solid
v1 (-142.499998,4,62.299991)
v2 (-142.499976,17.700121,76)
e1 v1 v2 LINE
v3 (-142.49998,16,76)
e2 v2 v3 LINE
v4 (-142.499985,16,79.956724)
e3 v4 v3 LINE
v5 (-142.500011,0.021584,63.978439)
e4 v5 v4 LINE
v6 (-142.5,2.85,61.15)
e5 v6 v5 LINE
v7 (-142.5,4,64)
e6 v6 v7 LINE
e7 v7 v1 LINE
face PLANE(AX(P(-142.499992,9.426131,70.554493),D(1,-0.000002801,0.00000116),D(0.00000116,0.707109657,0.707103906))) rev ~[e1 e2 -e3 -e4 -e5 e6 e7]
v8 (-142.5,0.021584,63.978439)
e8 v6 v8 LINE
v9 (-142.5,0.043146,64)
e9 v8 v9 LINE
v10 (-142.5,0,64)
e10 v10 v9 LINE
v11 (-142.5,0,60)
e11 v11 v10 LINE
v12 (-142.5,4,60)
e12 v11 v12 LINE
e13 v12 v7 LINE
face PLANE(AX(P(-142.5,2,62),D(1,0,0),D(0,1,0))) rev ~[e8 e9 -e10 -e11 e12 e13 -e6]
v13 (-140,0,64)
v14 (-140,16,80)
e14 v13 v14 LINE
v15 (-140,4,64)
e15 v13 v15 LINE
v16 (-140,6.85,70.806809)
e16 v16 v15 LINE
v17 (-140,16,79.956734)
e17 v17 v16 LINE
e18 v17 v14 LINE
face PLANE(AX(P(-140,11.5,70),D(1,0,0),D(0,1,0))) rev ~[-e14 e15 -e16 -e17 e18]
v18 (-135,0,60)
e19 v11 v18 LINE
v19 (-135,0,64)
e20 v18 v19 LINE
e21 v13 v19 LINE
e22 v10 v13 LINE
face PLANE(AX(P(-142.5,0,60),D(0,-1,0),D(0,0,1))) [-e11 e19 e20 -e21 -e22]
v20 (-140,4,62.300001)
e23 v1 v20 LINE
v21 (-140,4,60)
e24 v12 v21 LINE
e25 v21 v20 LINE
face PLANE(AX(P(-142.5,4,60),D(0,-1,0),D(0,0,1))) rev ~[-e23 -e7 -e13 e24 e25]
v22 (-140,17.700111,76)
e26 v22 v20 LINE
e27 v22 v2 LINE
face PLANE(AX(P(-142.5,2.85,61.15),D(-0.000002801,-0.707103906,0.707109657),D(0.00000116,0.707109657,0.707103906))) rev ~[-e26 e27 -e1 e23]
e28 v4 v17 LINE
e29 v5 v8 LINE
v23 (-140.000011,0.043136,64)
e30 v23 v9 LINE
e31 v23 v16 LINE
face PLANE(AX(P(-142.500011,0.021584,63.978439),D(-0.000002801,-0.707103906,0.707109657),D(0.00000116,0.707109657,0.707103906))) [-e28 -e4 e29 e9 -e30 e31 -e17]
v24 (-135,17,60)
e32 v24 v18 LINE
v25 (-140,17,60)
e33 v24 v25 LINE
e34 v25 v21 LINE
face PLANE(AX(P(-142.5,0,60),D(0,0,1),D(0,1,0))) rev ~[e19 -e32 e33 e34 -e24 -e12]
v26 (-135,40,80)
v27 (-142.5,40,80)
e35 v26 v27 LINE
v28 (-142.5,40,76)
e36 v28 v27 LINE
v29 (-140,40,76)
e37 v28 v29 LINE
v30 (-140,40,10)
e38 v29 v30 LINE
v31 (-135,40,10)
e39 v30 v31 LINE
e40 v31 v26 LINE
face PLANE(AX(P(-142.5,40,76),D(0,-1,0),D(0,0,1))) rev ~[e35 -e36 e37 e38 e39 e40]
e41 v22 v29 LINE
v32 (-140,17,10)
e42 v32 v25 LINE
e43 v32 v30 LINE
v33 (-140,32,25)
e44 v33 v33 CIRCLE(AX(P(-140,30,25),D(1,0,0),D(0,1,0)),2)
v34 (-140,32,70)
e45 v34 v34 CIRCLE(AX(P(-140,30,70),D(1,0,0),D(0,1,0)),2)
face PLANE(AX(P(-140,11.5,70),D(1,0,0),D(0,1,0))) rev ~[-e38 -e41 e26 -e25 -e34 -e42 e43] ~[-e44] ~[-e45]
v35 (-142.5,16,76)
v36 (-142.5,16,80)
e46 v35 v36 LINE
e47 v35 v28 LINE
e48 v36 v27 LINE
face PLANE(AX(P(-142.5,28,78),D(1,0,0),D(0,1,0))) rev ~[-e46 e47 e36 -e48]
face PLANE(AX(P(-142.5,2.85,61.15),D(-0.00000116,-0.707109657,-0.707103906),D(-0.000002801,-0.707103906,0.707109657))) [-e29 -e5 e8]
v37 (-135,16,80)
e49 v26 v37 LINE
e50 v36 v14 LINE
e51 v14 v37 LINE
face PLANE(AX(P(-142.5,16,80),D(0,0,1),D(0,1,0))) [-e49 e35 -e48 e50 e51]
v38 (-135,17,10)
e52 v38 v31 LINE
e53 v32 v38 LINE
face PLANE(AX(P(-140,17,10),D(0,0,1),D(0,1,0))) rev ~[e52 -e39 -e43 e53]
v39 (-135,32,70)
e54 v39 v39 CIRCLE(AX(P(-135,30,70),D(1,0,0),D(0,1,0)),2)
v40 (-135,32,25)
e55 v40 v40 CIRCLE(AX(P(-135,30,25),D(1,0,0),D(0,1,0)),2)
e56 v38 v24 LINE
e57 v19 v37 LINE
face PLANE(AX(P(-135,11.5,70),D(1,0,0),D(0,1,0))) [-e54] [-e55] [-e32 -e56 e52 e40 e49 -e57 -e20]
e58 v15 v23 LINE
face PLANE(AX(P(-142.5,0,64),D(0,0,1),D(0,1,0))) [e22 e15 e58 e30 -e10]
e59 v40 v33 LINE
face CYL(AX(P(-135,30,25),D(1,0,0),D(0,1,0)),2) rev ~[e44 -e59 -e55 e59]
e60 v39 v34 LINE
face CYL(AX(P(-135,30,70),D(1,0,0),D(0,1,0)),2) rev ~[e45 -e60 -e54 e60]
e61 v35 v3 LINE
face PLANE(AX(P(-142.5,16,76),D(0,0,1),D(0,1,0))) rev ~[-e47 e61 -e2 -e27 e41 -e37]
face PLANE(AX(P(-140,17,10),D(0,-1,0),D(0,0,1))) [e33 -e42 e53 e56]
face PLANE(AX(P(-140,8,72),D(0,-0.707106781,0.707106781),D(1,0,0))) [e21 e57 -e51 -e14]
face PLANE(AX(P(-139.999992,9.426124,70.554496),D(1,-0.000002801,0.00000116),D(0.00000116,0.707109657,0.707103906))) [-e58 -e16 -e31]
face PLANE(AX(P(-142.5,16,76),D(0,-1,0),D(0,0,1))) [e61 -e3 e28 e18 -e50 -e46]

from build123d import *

# Parameters (mm, degrees)
CIRCLE003_R                                  = 2
EXTRUDE087_DEPTH                             = 5
CIRCLE004_R                                  = 2
EXTRUDE088_DEPTH                             = 5
RECTANGLE026_W                               = 23
RECTANGLE026_H                               = 20
EXTRUDE019_DEPTH                             = 5
CHAMFER006_SIZE                              = 16
RECTANGLE028_AS_DRAWN_W                      = 22.6
RECTANGLE028_AS_DRAWN_H                      = 4
EXTRUDE033_DEPTH                             = 2.5
EXTRUDE033_ONTO_RECTANGLE028_ROLL_ANGLE      = 89.999906
EXTRUDE033_ONTO_RECTANGLE028_PITCH_ANGLE     = -44.999767
EXTRUDE033_ONTO_RECTANGLE028_PLACEMENT_ANGLE = 89.999906
RECTANGLE029_W                               = 24
RECTANGLE029_H                               = 4
EXTRUDE034_DEPTH                             = 2.5
RECTANGLE030_W                               = 4
RECTANGLE030_H                               = 4
EXTRUDE035_DEPTH                             = 2.5
RECTANGLE027_W                               = 17
RECTANGLE027_H                               = 20
EXTRUDE020_DEPTH                             = 5
RECTANGLE025_W                               = 23
RECTANGLE025_H                               = 60
EXTRUDE018_DEPTH                             = 5


with BuildPart() as extrude087:
    # Circle003 → Extrude087 (new body)
    with BuildSketch(Plane(origin=(-135, 30, 25), x_dir=(0, 1, 0), z_dir=(1, 0, 0))):
        Circle(CIRCLE003_R)
    extrude(amount=-EXTRUDE087_DEPTH)


with BuildPart() as extrude088:
    # Circle004 → Extrude088 (new body)
    with BuildSketch(Plane(origin=(-135, 30, 70), x_dir=(0, 1, 0), z_dir=(1, 0, 0))):
        Circle(CIRCLE004_R)
    extrude(amount=-EXTRUDE088_DEPTH)


with BuildPart() as chamfer006:
    # Rectangle026 → Extrude019 (new body)
    with BuildSketch(Plane(origin=(0, 17, 70), x_dir=(0, 1, 0), z_dir=(1, 0, 0))):
        with Locations((11.5, 10)):
            Rectangle(RECTANGLE026_W, RECTANGLE026_H)
    extrude(amount=EXTRUDE019_DEPTH)


with BuildPart() as chamfer006_1:
    # Extrude019 placement: moved
    add(chamfer006.part.moved(Location((0, -17, 0))))

    # Chamfer006
    chamfer006_edges = [chamfer006_1.edges().sort_by_distance(p)[0] for p in [
        (2.5, 0, 90),
    ]]
    chamfer(chamfer006_edges, length=CHAMFER006_SIZE)


with BuildPart() as chamfer006_2:
    # Chamfer006 placement: moved
    add(chamfer006_1.part.moved(Location((-140, 0, 0))))


with BuildPart() as extrude033:
    # Rectangle028 as drawn → Extrude033 (new)
    with BuildSketch(Plane.XY):
        with Locations((11.3, 2)):
            Rectangle(RECTANGLE028_AS_DRAWN_W, RECTANGLE028_AS_DRAWN_H)
    extrude(amount=EXTRUDE033_DEPTH)


with BuildPart() as extrude033_1:
    # Extrude033 onto Rectangle028 roll: moved
    add(extrude033.part.rotate(Axis((0, 0, 0), (1, 0, 0)), EXTRUDE033_ONTO_RECTANGLE028_ROLL_ANGLE))


with BuildPart() as extrude033_2:
    # Extrude033 onto Rectangle028 pitch: moved
    add(extrude033_1.part.rotate(Axis((0, 0, 0), (0, 1, 0)), EXTRUDE033_ONTO_RECTANGLE028_PITCH_ANGLE))


with BuildPart() as extrude033_3:
    # Extrude033 onto Rectangle028 placement: moved
    add(extrude033_2.part.moved(Location((5, 2.85, 71.15))).rotate(Axis((5, 2.85, 71.15), (0, 0, 1)), EXTRUDE033_ONTO_RECTANGLE028_PLACEMENT_ANGLE))


with BuildPart() as extrude033_4:
    # Extrude033 placement: moved
    add(extrude033_3.part.moved(Location((-147.5, 0, 0))))


with BuildPart() as extrude034:
    # Rectangle029 → Extrude034 (new body)
    with BuildSketch(Plane(origin=(5, 16, 86), x_dir=(0, 1, 0), z_dir=(1, 0, 0))):
        with Locations((12, 2)):
            Rectangle(RECTANGLE029_W, RECTANGLE029_H)
    extrude(amount=EXTRUDE034_DEPTH)


with BuildPart() as extrude034_1:
    # Extrude034 placement: moved
    add(extrude034.part.moved(Location((-147.5, 0, 0))))


with BuildPart() as extrude035:
    # Rectangle030 → Extrude035 (new body)
    with BuildSketch(Plane(origin=(5, 0, 70), x_dir=(0, 1, 0), z_dir=(1, 0, 0))):
        with Locations((2, 2)):
            Rectangle(RECTANGLE030_W, RECTANGLE030_H)
    extrude(amount=EXTRUDE035_DEPTH)


with BuildPart() as extrude035_1:
    # Extrude035 placement: moved
    add(extrude035.part.moved(Location((-147.5, 0, 0))))


with BuildPart() as fusion:
    # Rectangle027 → Extrude020 (new body)
    with BuildSketch(Plane(origin=(0, 0, 70), x_dir=(0, 1, 0), z_dir=(1, 0, 0))):
        with Locations((8.5, 10)):
            Rectangle(RECTANGLE027_W, RECTANGLE027_H)
    extrude(amount=EXTRUDE020_DEPTH)


with BuildPart() as fusion_1:
    # Extrude020 placement: moved
    add(fusion.part.moved(Location((-140, 23, 0))))

    # Fusion: union Chamfer006, Extrude033, Extrude034, Extrude035
    add(chamfer006_2.part)
    add(extrude033_4.part)
    add(extrude034_1.part)
    add(extrude035_1.part)


with BuildPart() as fusion_2:
    # Fusion placement: moved
    add(fusion_1.part.moved(Location((0, 0, -10))))


with BuildPart() as cut008:
    # Rectangle025 → Extrude018 (new body)
    with BuildSketch(Plane(origin=(0, 17, 10), x_dir=(0, 1, 0), z_dir=(1, 0, 0))):
        with Locations((11.5, 30)):
            Rectangle(RECTANGLE025_W, RECTANGLE025_H)
    extrude(amount=EXTRUDE018_DEPTH)


with BuildPart() as cut008_1:
    # Extrude018 placement: moved
    add(cut008.part.moved(Location((-140, 0, 0))))

    # Fusion002: union Fusion
    add(fusion_2.part)

    # Cut006: cut Extrude088
    add(extrude088.part, mode=Mode.SUBTRACT)

    # Cut008: cut Extrude087
    add(extrude087.part, mode=Mode.SUBTRACT)


solid = cut008_1.part
